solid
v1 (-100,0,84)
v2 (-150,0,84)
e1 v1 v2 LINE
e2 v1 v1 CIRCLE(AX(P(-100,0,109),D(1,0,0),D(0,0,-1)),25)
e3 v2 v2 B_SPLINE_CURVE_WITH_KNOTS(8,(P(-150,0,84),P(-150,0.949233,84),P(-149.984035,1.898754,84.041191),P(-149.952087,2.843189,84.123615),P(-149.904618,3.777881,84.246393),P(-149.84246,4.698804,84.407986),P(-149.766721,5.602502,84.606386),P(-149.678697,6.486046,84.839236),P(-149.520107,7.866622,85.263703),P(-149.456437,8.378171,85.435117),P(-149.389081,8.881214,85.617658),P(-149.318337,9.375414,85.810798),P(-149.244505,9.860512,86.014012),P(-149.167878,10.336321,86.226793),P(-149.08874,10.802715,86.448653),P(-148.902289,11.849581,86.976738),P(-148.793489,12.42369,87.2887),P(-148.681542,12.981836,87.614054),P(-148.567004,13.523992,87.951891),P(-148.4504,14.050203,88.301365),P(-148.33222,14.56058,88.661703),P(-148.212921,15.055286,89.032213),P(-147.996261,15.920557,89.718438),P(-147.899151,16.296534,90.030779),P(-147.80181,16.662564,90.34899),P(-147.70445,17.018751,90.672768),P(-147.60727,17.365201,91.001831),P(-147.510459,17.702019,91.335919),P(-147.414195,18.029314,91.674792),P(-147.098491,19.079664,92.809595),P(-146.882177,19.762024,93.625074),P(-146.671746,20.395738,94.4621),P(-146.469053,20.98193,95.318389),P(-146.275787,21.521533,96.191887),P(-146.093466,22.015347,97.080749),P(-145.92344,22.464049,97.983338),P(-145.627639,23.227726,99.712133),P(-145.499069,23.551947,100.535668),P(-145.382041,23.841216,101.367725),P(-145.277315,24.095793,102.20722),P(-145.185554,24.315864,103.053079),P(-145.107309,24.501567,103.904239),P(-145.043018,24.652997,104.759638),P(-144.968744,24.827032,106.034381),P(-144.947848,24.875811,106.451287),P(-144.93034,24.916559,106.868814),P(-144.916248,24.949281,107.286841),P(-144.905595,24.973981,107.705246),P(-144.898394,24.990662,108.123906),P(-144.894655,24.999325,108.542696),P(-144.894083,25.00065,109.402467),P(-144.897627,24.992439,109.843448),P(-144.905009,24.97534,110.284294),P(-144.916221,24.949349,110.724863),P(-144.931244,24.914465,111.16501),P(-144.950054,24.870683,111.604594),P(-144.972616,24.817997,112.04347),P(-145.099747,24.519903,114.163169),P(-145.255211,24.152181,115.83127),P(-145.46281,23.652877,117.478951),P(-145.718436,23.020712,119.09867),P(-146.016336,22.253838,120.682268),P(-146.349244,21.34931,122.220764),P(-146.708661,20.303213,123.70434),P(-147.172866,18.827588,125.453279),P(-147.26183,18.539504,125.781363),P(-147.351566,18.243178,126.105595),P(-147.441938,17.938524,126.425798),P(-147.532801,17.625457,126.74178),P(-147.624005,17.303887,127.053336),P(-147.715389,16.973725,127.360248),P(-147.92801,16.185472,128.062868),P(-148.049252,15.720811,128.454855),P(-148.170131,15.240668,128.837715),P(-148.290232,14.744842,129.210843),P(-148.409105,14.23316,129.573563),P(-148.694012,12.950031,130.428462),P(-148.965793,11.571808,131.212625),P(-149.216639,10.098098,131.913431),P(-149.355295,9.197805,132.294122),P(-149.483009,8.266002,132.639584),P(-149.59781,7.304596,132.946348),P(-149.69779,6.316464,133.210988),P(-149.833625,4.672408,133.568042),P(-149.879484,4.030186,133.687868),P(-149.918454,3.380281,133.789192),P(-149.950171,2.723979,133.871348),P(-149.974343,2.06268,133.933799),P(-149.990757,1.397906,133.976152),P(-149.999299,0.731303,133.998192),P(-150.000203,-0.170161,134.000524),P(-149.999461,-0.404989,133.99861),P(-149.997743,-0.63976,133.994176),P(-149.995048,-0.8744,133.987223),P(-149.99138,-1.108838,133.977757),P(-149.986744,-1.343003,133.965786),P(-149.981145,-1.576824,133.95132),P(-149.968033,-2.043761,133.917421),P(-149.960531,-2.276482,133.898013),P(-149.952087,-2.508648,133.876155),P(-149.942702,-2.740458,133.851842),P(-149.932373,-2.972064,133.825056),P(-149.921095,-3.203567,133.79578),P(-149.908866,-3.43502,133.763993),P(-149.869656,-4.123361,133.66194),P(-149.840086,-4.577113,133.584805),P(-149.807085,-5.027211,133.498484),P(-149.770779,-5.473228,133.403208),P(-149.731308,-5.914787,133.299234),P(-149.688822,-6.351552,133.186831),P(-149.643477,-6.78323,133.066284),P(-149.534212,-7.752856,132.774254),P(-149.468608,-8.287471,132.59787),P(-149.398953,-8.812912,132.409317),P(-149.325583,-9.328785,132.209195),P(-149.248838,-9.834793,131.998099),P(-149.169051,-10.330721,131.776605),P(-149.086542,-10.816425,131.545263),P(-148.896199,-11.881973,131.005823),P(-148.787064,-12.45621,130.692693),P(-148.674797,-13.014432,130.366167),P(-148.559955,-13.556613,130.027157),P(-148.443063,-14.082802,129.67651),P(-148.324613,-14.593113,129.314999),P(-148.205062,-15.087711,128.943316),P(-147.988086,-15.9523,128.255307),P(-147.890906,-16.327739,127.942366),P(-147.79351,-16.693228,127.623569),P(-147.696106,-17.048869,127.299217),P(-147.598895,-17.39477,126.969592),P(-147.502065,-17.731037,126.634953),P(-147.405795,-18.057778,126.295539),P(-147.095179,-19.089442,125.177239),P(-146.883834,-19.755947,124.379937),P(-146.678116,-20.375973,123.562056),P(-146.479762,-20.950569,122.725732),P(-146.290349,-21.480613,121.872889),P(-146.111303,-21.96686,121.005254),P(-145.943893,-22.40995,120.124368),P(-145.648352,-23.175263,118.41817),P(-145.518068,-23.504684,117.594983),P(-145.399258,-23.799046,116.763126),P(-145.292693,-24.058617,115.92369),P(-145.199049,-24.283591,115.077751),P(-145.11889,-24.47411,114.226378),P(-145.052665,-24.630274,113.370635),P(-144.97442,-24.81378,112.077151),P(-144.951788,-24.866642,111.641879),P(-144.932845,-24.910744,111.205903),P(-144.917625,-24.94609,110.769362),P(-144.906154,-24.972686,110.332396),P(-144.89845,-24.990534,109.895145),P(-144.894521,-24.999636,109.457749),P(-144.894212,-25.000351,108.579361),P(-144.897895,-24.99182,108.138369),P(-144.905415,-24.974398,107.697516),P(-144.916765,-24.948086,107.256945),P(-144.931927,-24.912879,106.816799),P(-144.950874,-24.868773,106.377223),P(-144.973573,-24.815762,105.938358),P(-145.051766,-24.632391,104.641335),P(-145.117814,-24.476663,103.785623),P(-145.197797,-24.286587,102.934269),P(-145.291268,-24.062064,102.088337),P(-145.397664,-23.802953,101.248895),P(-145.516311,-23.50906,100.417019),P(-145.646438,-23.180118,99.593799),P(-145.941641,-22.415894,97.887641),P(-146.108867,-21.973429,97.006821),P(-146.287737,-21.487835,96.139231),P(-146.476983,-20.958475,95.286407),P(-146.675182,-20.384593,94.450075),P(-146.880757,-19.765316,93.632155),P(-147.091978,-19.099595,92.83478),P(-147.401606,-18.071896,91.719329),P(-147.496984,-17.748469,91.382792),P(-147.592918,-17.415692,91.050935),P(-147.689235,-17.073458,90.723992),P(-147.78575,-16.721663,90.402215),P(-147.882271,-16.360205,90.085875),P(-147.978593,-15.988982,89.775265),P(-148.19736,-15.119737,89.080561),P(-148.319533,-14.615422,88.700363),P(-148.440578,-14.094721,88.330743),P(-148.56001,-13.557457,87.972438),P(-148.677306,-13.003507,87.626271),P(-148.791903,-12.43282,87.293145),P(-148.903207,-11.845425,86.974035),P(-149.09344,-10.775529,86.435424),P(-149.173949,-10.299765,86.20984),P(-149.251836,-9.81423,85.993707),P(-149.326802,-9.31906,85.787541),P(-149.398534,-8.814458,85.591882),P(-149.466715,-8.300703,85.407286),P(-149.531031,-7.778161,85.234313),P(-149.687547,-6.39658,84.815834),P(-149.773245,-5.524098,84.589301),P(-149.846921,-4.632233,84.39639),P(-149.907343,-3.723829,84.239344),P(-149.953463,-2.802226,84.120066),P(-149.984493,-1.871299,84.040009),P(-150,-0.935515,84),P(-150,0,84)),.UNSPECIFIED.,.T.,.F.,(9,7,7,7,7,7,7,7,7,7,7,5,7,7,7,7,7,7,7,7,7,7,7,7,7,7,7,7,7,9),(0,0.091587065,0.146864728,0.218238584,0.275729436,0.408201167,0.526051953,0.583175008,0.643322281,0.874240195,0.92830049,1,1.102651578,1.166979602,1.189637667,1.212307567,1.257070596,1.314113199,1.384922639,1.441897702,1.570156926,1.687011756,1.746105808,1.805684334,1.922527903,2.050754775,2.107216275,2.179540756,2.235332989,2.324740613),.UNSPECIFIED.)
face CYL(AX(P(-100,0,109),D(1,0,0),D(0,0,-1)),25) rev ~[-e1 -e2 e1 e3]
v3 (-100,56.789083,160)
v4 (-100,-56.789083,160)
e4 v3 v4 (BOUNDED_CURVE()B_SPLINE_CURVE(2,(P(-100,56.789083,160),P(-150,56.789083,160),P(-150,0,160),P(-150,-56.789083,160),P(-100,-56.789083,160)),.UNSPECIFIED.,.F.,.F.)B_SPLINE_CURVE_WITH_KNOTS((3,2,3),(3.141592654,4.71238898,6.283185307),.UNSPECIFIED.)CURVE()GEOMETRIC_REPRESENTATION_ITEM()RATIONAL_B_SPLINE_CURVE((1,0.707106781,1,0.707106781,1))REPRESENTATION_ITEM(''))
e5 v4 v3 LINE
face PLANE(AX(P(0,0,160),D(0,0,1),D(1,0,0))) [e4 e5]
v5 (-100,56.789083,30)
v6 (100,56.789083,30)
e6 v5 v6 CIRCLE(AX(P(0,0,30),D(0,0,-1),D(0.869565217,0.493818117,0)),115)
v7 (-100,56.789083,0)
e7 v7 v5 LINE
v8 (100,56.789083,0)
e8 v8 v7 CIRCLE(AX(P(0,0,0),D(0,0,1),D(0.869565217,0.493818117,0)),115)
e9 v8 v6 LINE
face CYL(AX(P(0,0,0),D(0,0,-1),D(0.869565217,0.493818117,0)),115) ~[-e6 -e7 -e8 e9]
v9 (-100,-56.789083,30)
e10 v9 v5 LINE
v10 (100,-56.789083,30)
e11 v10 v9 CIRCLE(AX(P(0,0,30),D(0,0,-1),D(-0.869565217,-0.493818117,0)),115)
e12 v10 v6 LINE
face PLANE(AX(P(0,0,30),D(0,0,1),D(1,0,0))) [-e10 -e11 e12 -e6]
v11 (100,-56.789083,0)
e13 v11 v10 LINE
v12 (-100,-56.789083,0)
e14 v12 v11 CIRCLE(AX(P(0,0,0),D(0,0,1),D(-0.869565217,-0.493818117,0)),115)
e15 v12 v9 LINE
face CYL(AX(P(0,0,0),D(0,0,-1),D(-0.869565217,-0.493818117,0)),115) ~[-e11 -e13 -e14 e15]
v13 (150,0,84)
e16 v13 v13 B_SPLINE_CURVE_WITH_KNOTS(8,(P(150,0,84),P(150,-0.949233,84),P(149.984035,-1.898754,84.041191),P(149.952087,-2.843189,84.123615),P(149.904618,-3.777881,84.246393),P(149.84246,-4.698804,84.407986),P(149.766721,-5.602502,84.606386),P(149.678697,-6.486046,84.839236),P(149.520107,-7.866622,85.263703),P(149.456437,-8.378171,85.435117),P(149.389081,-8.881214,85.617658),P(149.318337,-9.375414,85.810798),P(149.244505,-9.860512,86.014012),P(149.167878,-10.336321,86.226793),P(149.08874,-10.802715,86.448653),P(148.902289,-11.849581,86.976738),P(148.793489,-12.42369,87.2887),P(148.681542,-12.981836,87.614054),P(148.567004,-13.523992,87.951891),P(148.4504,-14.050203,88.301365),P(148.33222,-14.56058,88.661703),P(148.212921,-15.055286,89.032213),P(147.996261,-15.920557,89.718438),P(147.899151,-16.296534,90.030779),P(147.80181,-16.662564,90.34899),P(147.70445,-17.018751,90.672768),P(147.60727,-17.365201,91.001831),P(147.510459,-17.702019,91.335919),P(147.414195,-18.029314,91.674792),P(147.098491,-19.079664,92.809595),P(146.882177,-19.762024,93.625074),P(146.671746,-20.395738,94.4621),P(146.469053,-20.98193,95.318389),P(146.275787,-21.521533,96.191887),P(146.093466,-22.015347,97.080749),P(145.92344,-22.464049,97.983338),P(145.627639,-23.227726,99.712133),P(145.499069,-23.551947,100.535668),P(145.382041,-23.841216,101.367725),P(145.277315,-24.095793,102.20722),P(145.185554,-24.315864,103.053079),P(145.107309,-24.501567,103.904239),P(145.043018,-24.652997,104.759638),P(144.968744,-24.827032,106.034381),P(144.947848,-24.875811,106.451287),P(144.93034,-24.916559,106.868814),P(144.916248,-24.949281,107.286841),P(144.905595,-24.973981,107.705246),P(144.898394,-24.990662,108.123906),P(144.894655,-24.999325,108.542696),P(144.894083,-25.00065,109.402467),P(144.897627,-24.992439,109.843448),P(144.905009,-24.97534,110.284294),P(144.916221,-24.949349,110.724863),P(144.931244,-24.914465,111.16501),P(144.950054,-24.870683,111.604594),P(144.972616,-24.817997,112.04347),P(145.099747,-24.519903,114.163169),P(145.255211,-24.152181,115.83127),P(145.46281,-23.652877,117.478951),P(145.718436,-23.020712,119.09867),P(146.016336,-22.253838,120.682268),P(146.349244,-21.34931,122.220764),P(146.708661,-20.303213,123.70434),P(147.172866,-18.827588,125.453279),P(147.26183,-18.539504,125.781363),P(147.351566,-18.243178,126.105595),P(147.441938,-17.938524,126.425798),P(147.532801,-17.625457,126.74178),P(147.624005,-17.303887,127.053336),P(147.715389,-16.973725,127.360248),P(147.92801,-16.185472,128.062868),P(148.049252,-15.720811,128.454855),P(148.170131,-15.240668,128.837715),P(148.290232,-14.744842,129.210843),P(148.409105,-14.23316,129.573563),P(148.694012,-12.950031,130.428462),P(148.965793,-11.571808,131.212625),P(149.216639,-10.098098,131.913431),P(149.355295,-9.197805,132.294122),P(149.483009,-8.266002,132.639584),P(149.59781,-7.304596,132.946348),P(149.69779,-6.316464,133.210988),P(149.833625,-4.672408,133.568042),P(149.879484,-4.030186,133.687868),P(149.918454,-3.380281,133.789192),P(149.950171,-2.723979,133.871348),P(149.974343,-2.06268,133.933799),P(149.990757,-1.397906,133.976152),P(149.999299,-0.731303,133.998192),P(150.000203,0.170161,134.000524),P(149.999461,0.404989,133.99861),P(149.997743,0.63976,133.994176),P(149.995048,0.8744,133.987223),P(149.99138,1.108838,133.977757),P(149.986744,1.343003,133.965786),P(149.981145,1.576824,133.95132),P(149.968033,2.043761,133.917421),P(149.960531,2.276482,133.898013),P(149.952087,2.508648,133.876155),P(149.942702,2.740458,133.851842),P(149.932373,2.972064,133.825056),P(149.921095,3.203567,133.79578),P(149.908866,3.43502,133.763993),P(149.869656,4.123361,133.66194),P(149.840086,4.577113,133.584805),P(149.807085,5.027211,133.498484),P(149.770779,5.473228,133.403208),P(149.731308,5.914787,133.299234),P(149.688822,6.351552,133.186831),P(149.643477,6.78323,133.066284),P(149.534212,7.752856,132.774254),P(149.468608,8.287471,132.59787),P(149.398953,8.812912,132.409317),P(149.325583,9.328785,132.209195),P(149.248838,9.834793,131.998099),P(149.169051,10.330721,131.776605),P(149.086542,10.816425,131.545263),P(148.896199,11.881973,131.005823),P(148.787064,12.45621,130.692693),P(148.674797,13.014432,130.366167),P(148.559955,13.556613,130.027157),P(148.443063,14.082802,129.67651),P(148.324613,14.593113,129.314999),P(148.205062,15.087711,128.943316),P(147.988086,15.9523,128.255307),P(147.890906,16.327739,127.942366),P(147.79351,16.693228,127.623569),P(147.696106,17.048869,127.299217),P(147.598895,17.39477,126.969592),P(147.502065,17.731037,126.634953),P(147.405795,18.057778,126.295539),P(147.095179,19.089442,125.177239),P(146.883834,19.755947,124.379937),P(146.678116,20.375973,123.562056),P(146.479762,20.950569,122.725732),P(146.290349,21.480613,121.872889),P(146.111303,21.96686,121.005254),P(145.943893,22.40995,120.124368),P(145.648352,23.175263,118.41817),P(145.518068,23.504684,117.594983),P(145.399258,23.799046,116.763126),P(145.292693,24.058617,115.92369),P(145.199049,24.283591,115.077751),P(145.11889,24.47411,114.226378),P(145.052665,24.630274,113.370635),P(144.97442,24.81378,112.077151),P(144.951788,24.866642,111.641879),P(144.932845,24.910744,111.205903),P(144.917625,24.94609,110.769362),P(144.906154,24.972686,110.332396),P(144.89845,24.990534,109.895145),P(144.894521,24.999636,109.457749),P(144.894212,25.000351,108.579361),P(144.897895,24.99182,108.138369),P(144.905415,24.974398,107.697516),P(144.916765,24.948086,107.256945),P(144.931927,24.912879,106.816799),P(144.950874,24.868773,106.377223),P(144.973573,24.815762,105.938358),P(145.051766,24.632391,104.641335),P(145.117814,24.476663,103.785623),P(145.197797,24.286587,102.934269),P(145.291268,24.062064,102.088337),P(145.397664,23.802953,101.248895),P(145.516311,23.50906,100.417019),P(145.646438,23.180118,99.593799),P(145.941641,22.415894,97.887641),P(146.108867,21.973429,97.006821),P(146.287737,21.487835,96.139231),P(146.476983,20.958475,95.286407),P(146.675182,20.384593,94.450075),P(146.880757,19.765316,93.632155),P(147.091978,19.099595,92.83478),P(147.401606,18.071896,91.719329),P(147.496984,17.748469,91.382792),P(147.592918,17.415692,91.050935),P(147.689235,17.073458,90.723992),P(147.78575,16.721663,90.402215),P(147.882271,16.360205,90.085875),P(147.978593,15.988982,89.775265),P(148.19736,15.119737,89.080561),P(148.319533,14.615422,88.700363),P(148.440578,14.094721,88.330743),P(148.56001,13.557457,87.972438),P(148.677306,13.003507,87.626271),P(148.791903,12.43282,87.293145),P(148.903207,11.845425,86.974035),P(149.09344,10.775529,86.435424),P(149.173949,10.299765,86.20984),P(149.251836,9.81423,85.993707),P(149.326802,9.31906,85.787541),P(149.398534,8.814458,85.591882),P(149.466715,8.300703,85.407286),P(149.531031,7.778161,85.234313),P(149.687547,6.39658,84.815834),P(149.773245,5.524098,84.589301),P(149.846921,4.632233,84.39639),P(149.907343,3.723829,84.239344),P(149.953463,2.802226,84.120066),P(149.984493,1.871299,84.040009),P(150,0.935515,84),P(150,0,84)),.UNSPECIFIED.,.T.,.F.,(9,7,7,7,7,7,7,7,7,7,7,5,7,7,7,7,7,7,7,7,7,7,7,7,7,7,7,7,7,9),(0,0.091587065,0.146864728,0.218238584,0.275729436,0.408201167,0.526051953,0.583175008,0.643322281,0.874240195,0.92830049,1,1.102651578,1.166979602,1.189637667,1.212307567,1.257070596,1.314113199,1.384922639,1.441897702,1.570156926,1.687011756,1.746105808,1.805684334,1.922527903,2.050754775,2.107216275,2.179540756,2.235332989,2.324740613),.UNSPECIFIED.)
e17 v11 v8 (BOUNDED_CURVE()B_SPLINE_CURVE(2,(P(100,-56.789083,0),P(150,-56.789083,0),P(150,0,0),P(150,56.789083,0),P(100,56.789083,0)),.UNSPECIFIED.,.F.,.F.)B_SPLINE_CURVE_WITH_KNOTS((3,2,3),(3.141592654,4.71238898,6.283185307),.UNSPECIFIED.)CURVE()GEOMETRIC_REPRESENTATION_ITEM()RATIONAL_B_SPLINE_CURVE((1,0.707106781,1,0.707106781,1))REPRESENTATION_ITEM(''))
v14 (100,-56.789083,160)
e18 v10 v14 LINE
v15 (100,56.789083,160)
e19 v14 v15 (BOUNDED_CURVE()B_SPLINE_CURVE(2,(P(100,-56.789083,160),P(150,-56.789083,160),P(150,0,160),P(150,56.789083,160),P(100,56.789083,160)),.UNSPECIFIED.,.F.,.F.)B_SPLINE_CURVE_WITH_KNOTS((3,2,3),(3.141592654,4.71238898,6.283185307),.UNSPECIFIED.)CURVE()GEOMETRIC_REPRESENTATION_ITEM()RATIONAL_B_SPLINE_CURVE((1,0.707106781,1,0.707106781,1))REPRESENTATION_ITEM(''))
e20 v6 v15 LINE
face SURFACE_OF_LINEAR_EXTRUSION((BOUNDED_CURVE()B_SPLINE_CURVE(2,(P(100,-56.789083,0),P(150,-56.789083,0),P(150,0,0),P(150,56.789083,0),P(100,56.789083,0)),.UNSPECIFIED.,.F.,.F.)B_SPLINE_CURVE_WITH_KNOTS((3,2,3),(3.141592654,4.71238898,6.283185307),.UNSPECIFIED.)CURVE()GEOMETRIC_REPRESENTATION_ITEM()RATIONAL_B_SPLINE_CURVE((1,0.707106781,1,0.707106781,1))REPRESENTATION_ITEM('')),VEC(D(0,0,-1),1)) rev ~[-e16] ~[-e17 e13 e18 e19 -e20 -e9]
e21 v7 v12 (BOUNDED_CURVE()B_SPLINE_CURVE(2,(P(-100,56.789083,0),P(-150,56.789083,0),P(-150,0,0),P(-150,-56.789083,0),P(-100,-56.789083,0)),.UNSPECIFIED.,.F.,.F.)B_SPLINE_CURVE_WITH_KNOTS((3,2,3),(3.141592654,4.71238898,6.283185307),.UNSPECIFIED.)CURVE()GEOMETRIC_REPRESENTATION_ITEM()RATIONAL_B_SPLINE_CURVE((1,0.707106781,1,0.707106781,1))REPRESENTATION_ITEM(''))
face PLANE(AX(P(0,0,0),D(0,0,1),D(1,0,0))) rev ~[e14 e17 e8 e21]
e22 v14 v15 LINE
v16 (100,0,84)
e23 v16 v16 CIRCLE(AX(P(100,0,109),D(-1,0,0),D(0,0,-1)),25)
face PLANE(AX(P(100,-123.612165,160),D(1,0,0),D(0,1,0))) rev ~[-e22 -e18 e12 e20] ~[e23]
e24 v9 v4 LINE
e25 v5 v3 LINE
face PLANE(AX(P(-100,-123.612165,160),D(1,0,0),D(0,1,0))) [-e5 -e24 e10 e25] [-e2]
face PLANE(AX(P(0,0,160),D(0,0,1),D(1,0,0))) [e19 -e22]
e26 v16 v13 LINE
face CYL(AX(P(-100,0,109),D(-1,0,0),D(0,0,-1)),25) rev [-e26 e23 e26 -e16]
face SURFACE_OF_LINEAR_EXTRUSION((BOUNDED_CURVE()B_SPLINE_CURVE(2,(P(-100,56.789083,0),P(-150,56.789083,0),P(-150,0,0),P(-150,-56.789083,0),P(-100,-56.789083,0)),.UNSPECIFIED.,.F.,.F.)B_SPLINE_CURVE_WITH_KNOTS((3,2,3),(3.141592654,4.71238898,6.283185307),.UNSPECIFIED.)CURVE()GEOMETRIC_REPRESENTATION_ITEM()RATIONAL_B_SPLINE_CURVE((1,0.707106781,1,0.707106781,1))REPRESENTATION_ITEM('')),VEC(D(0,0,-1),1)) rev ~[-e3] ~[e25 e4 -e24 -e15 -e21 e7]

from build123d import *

# Parameters (mm, degrees)
BOSS_EXTRUDE1_DEPTH     = 160
SKETCH3_W               = 200
SKETCH3_H               = 247.224329698
CUT_EXTRUDE1_DEPTH      = 130
SKETCH4_R               = 25
CUT_EXTRUDE2_DEPTH      = 251.0000001
CUT_EXTRUDE2_DEPTH_BACK = 51.0000001


with BuildPart() as part:
    # Sketch1 → Boss-Extrude1 (new body)
    with BuildSketch(Plane.XY):
        with BuildLine():
            ThreePointArc((-100, -56.789083458), (0, -115), (100, -56.789083458))
            add(Edge.make_bspline(
                [(100, -56.789083458), (150, -56.789083458), (150, 0), (150, 56.789083458), (100, 56.789083458)],
                knots=[3.141592654, 3.141592654, 3.141592654, 4.71238898, 4.71238898, 6.283185307, 6.283185307, 6.283185307], degree=2, weights=[1, 0.707106781, 1, 0.707106781, 1]))
            ThreePointArc((100, 56.789083458), (0, 115), (-100, 56.789083458))
            add(Edge.make_bspline(
                [(-100, 56.789083458), (-150, 56.789083458), (-150, 0), (-150, -56.789083458), (-100, -56.789083458)],
                knots=[3.141592654, 3.141592654, 3.141592654, 4.71238898, 4.71238898, 6.283185307, 6.283185307, 6.283185307], degree=2, weights=[1, 0.707106781, 1, 0.707106781, 1]))
        make_face()
    extrude(amount=BOSS_EXTRUDE1_DEPTH)

    # Sketch3 → Cut-Extrude1 (cut)
    with BuildSketch(Plane.XY.offset(160)):
        Rectangle(SKETCH3_W, SKETCH3_H)
    extrude(amount=-CUT_EXTRUDE1_DEPTH, mode=Mode.SUBTRACT)

    # Sketch4 → Cut-Extrude2 (cut, two sides)
    with BuildSketch(Plane(origin=(-100, 0, 0), x_dir=(0, 0, -1), z_dir=(1, 0, 0))) as cut_extrude2_sk:
        with Locations((-109, 0)):
            Circle(SKETCH4_R)
    extrude(amount=CUT_EXTRUDE2_DEPTH, mode=Mode.SUBTRACT)
    extrude(cut_extrude2_sk.sketch, amount=-CUT_EXTRUDE2_DEPTH_BACK, mode=Mode.SUBTRACT)


solid = part.part
